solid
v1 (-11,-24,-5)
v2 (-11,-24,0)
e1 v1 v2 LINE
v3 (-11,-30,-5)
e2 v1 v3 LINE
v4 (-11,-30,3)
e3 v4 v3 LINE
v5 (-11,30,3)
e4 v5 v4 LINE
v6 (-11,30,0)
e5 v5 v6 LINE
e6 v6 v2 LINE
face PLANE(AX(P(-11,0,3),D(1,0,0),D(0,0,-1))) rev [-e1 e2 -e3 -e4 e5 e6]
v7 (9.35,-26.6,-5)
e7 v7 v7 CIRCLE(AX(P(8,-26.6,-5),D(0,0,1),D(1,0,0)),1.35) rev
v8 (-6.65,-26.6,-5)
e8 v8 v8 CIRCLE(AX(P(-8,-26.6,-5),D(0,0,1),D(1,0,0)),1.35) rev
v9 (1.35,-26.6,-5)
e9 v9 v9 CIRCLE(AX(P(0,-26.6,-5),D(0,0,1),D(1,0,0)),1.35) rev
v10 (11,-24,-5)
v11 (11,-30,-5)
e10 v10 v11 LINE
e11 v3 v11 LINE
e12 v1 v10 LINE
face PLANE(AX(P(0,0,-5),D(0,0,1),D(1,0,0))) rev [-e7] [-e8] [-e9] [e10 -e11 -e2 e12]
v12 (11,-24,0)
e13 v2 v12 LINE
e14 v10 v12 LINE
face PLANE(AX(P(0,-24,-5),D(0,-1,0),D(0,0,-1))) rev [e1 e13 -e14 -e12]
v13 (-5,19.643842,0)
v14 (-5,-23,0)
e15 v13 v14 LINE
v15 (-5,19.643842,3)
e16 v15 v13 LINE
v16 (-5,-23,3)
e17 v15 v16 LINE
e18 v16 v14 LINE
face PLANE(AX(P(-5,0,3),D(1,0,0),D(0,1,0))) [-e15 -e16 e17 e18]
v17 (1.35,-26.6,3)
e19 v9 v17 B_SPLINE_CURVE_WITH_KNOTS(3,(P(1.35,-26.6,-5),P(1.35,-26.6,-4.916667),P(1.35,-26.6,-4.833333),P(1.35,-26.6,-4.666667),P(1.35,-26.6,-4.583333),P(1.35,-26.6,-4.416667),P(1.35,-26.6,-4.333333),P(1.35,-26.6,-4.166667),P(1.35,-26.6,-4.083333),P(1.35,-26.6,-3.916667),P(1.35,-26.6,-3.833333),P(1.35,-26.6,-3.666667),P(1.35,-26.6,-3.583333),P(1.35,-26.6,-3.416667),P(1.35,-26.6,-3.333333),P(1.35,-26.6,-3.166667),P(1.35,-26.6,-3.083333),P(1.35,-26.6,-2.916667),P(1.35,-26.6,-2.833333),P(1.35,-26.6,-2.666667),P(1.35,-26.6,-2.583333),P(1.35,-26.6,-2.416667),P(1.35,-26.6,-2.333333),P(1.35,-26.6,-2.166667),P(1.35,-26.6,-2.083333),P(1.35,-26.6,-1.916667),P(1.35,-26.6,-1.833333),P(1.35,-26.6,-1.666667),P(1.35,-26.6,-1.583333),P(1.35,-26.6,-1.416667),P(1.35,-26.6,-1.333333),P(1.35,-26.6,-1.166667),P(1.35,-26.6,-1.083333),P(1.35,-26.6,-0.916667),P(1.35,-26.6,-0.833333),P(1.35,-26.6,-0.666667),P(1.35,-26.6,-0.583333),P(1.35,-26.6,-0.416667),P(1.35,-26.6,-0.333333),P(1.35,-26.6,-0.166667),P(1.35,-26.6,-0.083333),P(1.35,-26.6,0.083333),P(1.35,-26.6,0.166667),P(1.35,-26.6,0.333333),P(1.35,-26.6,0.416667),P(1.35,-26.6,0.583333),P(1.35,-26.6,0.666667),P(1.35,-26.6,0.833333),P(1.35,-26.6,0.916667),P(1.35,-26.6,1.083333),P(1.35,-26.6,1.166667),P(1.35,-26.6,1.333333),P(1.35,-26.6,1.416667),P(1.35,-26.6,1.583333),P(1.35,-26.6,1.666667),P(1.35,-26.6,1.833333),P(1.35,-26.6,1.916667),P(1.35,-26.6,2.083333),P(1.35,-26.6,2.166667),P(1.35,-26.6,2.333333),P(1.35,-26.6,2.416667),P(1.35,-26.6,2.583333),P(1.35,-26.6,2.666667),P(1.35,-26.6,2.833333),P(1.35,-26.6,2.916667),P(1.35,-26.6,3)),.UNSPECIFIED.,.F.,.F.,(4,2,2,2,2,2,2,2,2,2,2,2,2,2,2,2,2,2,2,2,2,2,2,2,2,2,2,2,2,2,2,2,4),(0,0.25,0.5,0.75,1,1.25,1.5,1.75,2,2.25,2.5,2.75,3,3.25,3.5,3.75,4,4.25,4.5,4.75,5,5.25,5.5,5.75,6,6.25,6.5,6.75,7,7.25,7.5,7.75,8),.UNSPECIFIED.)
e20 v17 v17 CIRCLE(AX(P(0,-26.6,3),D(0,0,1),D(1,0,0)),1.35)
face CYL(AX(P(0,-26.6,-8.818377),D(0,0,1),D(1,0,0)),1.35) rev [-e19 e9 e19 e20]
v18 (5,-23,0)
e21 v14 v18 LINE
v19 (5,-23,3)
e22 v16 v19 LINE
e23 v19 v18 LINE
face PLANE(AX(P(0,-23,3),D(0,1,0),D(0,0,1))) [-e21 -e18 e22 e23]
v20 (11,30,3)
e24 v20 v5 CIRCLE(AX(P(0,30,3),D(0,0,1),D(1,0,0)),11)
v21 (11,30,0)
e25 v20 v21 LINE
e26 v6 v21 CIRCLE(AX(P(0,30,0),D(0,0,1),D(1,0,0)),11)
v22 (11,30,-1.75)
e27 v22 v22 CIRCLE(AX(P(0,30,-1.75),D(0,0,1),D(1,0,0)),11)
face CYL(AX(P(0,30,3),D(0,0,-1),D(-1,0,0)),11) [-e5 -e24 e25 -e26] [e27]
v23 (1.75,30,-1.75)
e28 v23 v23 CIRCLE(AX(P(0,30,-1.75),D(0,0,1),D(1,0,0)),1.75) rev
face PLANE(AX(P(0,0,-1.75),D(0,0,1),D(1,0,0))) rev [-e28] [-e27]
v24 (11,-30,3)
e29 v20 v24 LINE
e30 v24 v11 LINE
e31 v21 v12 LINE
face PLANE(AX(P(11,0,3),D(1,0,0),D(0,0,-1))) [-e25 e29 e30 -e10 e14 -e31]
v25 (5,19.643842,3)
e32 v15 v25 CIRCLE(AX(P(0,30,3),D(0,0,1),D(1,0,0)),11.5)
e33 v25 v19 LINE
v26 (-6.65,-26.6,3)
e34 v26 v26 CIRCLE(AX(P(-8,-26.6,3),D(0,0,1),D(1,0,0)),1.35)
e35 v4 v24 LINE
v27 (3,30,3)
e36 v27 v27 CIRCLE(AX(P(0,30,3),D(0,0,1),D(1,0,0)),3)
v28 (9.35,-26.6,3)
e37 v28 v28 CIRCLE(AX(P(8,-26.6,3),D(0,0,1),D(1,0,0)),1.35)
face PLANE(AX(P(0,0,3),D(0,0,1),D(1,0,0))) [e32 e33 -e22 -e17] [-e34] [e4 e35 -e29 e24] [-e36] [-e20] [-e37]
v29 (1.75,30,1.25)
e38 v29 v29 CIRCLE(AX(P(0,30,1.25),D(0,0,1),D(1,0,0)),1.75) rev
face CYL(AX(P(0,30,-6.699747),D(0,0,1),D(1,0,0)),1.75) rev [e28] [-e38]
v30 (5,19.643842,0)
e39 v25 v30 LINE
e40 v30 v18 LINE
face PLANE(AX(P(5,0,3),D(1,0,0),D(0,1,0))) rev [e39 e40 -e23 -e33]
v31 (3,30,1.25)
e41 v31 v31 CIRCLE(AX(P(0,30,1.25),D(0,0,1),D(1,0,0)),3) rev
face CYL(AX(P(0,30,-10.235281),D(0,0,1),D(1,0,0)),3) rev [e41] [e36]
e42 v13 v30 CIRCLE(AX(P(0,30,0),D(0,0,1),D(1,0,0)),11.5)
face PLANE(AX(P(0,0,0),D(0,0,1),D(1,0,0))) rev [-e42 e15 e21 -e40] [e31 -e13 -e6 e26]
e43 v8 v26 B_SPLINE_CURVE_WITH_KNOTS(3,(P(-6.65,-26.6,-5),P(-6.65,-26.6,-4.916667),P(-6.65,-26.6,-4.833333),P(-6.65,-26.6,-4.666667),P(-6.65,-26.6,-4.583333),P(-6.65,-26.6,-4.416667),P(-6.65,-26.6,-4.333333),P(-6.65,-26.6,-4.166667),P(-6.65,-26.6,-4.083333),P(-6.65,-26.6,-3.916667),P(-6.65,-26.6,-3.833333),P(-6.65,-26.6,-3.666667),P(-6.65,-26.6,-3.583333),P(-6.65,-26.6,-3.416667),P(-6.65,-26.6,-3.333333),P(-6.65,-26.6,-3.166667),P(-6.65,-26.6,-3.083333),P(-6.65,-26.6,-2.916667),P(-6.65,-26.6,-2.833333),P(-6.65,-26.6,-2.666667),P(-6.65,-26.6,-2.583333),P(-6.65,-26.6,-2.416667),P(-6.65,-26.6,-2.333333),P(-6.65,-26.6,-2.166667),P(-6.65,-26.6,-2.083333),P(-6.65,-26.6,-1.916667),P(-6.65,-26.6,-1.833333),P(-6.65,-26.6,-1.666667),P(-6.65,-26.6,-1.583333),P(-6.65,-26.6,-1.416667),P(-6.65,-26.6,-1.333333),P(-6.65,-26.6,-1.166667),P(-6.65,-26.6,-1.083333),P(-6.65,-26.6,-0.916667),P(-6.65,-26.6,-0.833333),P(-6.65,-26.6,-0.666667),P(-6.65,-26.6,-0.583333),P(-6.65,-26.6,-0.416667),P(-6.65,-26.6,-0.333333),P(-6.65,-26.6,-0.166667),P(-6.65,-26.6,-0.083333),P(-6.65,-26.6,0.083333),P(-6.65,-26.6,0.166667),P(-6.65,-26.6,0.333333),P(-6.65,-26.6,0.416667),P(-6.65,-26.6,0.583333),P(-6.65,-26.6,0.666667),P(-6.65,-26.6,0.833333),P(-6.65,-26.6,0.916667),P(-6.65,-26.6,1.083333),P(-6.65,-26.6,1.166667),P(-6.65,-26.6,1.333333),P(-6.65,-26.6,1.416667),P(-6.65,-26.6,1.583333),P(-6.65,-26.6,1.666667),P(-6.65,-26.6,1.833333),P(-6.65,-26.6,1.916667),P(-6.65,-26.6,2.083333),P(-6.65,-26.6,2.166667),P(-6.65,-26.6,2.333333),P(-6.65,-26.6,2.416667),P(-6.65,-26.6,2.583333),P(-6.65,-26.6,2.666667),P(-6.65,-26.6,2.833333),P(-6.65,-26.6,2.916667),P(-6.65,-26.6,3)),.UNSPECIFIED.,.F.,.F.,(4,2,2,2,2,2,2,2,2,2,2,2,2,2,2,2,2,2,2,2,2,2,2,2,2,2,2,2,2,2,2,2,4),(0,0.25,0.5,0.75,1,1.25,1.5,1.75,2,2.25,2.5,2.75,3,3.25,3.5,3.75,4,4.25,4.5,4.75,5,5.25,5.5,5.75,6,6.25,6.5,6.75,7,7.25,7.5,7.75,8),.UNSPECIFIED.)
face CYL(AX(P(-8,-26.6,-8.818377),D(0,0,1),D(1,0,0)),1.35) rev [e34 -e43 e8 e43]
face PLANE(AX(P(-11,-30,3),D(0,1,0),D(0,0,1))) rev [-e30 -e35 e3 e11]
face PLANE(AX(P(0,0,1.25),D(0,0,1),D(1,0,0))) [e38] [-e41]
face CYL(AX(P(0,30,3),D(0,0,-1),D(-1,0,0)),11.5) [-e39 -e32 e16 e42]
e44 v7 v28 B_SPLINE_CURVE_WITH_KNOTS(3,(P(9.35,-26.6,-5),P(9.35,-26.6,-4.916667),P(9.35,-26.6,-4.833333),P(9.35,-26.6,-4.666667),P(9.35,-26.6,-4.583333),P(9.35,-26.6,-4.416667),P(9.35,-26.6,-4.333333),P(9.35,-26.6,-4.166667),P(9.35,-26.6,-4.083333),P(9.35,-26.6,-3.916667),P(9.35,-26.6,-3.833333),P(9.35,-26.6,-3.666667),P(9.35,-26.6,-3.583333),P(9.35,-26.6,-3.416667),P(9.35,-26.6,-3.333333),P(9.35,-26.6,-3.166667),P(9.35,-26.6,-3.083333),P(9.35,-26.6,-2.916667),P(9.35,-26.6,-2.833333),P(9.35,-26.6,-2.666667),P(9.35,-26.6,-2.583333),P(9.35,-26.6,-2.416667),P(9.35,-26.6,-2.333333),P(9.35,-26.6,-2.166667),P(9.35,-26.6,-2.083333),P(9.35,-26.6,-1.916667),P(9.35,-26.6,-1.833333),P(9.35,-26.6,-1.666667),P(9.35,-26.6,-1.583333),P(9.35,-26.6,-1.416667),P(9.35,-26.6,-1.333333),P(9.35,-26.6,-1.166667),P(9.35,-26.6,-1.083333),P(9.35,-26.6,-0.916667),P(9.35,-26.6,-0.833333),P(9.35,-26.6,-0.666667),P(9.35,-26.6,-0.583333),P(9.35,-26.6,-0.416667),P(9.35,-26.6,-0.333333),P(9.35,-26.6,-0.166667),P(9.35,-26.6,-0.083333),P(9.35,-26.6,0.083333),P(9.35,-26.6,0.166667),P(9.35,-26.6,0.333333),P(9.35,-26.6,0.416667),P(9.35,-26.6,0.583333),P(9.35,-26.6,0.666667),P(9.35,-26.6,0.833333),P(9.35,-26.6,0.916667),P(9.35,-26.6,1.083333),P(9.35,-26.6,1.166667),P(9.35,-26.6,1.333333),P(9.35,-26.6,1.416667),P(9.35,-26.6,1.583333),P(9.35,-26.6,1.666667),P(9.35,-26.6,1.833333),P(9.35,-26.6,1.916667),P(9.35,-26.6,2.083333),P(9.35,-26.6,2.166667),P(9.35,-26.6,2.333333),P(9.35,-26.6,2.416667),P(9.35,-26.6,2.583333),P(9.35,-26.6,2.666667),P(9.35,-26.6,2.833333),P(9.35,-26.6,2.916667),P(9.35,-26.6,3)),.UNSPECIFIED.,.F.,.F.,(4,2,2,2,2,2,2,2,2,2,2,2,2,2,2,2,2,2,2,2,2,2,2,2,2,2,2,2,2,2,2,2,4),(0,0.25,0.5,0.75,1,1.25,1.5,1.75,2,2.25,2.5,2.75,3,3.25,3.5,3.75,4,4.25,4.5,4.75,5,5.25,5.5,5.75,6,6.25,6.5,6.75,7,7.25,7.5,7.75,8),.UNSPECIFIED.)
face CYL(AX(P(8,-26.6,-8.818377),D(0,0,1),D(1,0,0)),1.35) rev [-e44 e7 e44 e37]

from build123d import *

# Parameters (mm, degrees)
BOSS_EXTRUDE1_DEPTH = 3
BOSS_EXTRUDE2_START = -1.75
BOSS_EXTRUDE2_DEPTH = 1.75
SKETCH2_R           = 1.75
CUT_EXTRUDE1_DEPTH  = 4.75
SKETCH2_3_R         = 3
CUT_EXTRUDE2_DEPTH  = 1.75
SKETCH1_6_W         = 11
SKETCH1_6_H         = 6
BOSS_EXTRUDE3_DEPTH = 5
SKETCH3_R           = 1.35
CUT_EXTRUDE3_DEPTH  = 8
LPATTERN1_COUNT     = 2
LPATTERN1_PITCH     = 8
LPATTERN1_COL_COUNT = 2
LPATTERN1_COL_PITCH = 8


with BuildPart() as part:
    # Sketch1 → Boss-Extrude1 (new body)
    with BuildSketch(Plane.XY):
        with BuildLine():
            Line((-11, 30), (-11, -30))
            Line((-11, -30), (11, -30))
            Line((11, -30), (11, 30))
            ThreePointArc((11, 30), (0, 41), (-11, 30))
        make_face()
        with BuildLine():
            Line((5, -23), (-5, -23))
            Line((-5, -23), (-5, 19.643842411))
            ThreePointArc((-5, 19.643842411), (0, 18.5), (5, 19.643842411))
            Line((5, 19.643842411), (5, -23))
        make_face(mode=Mode.SUBTRACT)
    extrude(amount=BOSS_EXTRUDE1_DEPTH)

    # Sketch1<3> → Boss-Extrude2 (add)
    with BuildSketch(Plane.XY.offset(BOSS_EXTRUDE2_START)):
        with BuildLine():
            ThreePointArc((11, 30), (0, 41), (-11, 30))
            ThreePointArc((-11, 30), (0, 19), (11, 30))
        make_face()
    extrude(amount=BOSS_EXTRUDE2_DEPTH)

    # Sketch2 → Cut-Extrude1 (cut)
    with BuildSketch(Plane.XY.offset(3)):
        with Locations((0, 30)):
            Circle(SKETCH2_R)
    extrude(amount=-CUT_EXTRUDE1_DEPTH, mode=Mode.SUBTRACT)

    # Sketch2<3> → Cut-Extrude2 (cut)
    with BuildSketch(Plane.XY.offset(3)):
        with Locations((0, 30)):
            Circle(SKETCH2_3_R)
    extrude(amount=-CUT_EXTRUDE2_DEPTH, mode=Mode.SUBTRACT)

    # Sketch1<6> → Boss-Extrude3 (add)
    with BuildSketch(Plane.XY):
        with Locations((5.5, -27)):
            Rectangle(SKETCH1_6_W, SKETCH1_6_H)
        with Locations((-5.5, -27)):
            Rectangle(SKETCH1_6_W, SKETCH1_6_H)
    extrude(amount=-BOSS_EXTRUDE3_DEPTH)

    # Sketch3 → Cut-Extrude3 (cut)
    with BuildSketch(Plane.XY.offset(3)):
        with Locations((0, -26.6)):
            Circle(SKETCH3_R)
    cut_extrude3 = extrude(amount=-CUT_EXTRUDE3_DEPTH, mode=Mode.SUBTRACT)

    # LPattern1: Cut-Extrude3 ×2
    with Locations(*[(i * LPATTERN1_PITCH, 0, 0) for i in range(1, LPATTERN1_COUNT)]):
        add(cut_extrude3, mode=Mode.SUBTRACT)

    # LPattern1 col: Cut-Extrude3 ×2
    with Locations(*[(-i * LPATTERN1_COL_PITCH, 0, 0) for i in range(1, LPATTERN1_COL_COUNT)]):
        add(cut_extrude3, mode=Mode.SUBTRACT)


solid = part.part
